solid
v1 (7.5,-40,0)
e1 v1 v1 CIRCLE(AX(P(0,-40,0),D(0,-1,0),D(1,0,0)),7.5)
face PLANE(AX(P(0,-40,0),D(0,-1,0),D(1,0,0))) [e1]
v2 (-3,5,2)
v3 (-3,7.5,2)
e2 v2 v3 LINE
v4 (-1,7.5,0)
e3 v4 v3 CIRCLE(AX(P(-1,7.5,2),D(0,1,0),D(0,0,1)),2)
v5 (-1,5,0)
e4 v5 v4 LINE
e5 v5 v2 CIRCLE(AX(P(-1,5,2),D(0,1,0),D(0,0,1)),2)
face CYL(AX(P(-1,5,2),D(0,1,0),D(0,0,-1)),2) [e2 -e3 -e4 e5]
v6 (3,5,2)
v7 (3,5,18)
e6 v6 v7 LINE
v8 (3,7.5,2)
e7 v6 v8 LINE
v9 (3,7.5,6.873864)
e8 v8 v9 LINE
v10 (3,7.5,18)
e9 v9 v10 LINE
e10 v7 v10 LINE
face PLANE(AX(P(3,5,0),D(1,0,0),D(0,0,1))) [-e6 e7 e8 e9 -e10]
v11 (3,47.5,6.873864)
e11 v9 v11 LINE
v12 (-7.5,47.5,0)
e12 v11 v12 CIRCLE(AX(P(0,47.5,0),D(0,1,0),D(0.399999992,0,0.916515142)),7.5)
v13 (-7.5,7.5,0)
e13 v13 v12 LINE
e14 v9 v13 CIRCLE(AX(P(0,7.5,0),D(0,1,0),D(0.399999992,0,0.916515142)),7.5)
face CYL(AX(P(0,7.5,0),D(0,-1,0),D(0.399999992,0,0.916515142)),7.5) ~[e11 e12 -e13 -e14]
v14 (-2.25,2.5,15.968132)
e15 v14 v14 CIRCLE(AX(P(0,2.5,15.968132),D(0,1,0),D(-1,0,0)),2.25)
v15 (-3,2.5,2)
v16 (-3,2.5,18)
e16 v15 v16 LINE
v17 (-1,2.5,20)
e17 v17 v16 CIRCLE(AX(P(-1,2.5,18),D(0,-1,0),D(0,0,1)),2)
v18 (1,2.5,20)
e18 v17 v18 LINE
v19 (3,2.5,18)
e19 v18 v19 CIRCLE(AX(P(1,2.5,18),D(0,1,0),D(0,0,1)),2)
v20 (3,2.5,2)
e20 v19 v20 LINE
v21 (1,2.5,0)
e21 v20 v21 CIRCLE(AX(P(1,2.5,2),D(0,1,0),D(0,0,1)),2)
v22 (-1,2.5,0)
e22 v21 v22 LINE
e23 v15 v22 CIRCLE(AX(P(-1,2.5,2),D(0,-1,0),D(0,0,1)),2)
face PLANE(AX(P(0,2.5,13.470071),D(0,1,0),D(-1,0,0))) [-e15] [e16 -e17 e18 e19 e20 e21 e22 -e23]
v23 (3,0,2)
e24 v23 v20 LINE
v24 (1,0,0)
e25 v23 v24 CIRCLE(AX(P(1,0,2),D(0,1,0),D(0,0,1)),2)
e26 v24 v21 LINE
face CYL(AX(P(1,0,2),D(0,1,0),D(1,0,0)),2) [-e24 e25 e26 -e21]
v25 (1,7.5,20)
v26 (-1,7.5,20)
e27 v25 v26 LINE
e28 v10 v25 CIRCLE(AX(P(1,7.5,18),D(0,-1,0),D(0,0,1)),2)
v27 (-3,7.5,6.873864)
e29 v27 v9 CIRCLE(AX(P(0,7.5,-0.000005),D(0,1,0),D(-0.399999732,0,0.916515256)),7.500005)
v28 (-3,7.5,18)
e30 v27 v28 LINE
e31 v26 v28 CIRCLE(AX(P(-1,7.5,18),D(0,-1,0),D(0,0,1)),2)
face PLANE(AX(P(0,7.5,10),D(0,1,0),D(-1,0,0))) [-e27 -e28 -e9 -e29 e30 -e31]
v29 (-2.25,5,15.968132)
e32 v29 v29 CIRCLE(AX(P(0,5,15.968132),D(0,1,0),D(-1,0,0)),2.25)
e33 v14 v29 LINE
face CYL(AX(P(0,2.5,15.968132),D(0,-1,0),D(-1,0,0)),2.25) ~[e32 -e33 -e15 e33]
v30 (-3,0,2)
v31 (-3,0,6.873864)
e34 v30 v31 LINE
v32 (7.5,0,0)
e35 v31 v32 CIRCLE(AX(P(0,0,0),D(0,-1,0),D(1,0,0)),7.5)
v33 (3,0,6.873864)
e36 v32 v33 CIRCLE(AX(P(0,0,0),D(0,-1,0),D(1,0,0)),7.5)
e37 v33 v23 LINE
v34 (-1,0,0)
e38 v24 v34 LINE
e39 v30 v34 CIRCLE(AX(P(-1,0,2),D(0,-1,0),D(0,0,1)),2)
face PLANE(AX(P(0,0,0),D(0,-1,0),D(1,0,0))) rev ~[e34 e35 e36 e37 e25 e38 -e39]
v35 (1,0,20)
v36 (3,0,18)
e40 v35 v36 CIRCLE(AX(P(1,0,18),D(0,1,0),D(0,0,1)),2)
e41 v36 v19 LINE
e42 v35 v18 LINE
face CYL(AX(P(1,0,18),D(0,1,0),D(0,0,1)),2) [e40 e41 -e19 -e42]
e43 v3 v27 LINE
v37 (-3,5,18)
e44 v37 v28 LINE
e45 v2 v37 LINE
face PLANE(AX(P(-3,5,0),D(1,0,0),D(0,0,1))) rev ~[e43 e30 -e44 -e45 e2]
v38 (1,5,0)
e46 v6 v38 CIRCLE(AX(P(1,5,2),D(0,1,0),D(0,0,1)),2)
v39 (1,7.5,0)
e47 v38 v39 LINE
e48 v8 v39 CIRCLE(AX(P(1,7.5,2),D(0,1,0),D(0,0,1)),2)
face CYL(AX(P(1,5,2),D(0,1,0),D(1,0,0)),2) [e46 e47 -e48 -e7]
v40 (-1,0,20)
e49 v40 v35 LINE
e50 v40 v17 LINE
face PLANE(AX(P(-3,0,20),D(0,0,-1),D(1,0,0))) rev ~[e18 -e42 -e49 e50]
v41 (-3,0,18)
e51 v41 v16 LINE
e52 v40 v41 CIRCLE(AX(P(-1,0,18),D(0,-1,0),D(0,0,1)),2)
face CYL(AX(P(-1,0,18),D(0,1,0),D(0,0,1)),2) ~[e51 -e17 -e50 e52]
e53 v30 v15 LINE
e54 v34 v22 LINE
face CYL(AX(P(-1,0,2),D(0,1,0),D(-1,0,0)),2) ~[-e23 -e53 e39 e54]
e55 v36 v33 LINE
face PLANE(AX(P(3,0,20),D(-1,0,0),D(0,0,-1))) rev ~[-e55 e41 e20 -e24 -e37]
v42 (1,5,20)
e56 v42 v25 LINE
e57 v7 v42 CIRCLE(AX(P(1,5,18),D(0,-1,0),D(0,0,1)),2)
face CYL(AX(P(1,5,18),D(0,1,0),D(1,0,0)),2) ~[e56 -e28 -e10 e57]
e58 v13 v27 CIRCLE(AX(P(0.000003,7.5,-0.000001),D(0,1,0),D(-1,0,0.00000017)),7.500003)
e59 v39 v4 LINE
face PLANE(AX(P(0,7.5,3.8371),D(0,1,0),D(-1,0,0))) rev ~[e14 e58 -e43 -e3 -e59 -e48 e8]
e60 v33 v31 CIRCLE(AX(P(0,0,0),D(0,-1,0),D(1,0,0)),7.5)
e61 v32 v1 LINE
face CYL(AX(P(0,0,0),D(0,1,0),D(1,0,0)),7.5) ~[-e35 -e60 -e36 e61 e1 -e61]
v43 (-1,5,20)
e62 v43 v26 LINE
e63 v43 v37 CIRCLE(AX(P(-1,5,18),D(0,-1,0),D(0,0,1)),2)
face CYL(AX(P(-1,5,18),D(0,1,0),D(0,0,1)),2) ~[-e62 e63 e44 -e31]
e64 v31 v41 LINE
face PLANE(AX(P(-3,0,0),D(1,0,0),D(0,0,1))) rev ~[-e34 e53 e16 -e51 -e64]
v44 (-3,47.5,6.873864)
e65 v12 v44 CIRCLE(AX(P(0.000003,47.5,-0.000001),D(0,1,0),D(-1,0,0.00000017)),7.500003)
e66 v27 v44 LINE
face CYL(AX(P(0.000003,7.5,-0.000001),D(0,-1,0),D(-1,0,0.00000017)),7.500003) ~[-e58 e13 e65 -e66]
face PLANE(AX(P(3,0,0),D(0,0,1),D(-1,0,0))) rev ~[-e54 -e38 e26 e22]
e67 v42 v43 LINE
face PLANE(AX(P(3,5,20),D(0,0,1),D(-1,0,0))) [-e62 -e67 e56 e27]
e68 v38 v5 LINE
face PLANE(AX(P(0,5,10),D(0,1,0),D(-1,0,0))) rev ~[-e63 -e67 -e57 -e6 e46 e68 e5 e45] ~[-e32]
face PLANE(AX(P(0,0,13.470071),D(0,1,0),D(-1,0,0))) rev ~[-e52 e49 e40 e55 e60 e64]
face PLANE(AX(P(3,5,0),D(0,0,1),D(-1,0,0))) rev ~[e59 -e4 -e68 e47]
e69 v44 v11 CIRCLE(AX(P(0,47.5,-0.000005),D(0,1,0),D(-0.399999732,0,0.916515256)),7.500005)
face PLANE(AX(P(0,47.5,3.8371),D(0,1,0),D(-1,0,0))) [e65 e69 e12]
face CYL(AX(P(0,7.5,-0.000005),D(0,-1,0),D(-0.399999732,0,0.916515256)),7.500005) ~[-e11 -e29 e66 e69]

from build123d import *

# Parameters (mm, degrees)
F0_R      = 7.5
F1_DEPTH  = 40
F3_DEPTH  = 2.5
F4_R      = 2
F5_R      = 2.25
F6_DEPTH  = 2.5
F7_W      = 6
F7_H      = 20
F7_R      = 2.25
F8_DEPTH  = 2.5
F9_R      = 2
F11_DEPTH = 40


with BuildPart() as f1:
    # F0 (on Front) → F1 (new body)
    with BuildSketch(Plane.XZ):
        Circle(F0_R)
    extrude(amount=F1_DEPTH)

    # F2 (on face) → F3 (join)
    with BuildSketch(Plane(origin=(0, 0, 0), x_dir=(-1, 0, 0), z_dir=(0, 1, 0))):
        with BuildLine():
            Line((3, 20), (-3, 20))
            Line((-3, 20), (-3, 6.873864))
            ThreePointArc((-3, 6.873864), (0, 7.5), (3, 6.873864))
            Line((3, 6.873864), (3, 20))
        make_face()
        with BuildLine():
            ThreePointArc((3, 6.873864), (0, 7.5), (-3, 6.873864))
            Line((-3, 6.873864), (-3, 0))
            Line((-3, 0), (3, 0))
            Line((3, 0), (3, 6.873864))
        make_face()
    extrude(amount=F3_DEPTH)

    # F4
    f4_edges = [f1.edges().sort_by_distance(p)[0] for p in [
        (3, 1.25, 20),
        (-3, 1.25, 20),
        (3, 1.25, 0),
        (-3, 1.25, 0),
    ]]
    fillet(f4_edges, radius=F4_R)

    # F5 (on face) → F6 (join)
    with BuildSketch(Plane(origin=(0, 2.5, 0), x_dir=(-1, 0, 0), z_dir=(0, 1, 0))):
        with Locations((0, 15.968132)):
            Circle(F5_R)
    extrude(amount=F6_DEPTH)

    # F7 (on face) → F8 (join)
    with BuildSketch(Plane(origin=(0, 5, 0), x_dir=(-1, 0, 0), z_dir=(0, 1, 0))):
        with Locations((0, 10)):
            Rectangle(F7_W, F7_H)
        with Locations((0, 15.968132)):
            Circle(F7_R, mode=Mode.SUBTRACT)
        with Locations((0, 15.968132)):
            Circle(F7_R)
    extrude(amount=F8_DEPTH)

    # F9
    f9_edges = [f1.edges().sort_by_distance(p)[0] for p in [
        (3, 6.25, 20),
        (-3, 6.25, 20),
        (3, 6.25, 0),
        (-3, 6.25, 0),
    ]]
    fillet(f9_edges, radius=F9_R)

    # F10 (on face) → F11 (join)
    with BuildSketch(Plane(origin=(0, 7.5, 0), x_dir=(-1, 0, 0), z_dir=(0, 1, 0))):
        with BuildLine():
            Line((3, 2), (3, 6.873864))
            ThreePointArc((3, 6.873864), (0, 7.5), (-3, 6.873864))
            Line((-3, 6.873864), (-3, 2))
            ThreePointArc((-3, 2), (-2.414214, 0.585786), (-1, 0))
            Line((-1, 0), (1, 0))
            ThreePointArc((1, 0), (2.414214, 0.585786), (3, 2))
        make_face()
        with BuildLine():
            ThreePointArc((-3, 6.873864), (-4.107919, -6.27495), (7.5, 0))
            ThreePointArc((7.5, 0), (6.27495, 4.107919), (3, 6.873864))
            Line((3, 6.873864), (3, 2))
            ThreePointArc((3, 2), (2.414214, 0.585786), (1, 0))
            Line((1, 0), (-1, 0))
            ThreePointArc((-1, 0), (-2.414214, 0.585786), (-3, 2))
            Line((-3, 2), (-3, 6.873864))
        make_face()
    extrude(amount=F11_DEPTH)


solid = f1.part
